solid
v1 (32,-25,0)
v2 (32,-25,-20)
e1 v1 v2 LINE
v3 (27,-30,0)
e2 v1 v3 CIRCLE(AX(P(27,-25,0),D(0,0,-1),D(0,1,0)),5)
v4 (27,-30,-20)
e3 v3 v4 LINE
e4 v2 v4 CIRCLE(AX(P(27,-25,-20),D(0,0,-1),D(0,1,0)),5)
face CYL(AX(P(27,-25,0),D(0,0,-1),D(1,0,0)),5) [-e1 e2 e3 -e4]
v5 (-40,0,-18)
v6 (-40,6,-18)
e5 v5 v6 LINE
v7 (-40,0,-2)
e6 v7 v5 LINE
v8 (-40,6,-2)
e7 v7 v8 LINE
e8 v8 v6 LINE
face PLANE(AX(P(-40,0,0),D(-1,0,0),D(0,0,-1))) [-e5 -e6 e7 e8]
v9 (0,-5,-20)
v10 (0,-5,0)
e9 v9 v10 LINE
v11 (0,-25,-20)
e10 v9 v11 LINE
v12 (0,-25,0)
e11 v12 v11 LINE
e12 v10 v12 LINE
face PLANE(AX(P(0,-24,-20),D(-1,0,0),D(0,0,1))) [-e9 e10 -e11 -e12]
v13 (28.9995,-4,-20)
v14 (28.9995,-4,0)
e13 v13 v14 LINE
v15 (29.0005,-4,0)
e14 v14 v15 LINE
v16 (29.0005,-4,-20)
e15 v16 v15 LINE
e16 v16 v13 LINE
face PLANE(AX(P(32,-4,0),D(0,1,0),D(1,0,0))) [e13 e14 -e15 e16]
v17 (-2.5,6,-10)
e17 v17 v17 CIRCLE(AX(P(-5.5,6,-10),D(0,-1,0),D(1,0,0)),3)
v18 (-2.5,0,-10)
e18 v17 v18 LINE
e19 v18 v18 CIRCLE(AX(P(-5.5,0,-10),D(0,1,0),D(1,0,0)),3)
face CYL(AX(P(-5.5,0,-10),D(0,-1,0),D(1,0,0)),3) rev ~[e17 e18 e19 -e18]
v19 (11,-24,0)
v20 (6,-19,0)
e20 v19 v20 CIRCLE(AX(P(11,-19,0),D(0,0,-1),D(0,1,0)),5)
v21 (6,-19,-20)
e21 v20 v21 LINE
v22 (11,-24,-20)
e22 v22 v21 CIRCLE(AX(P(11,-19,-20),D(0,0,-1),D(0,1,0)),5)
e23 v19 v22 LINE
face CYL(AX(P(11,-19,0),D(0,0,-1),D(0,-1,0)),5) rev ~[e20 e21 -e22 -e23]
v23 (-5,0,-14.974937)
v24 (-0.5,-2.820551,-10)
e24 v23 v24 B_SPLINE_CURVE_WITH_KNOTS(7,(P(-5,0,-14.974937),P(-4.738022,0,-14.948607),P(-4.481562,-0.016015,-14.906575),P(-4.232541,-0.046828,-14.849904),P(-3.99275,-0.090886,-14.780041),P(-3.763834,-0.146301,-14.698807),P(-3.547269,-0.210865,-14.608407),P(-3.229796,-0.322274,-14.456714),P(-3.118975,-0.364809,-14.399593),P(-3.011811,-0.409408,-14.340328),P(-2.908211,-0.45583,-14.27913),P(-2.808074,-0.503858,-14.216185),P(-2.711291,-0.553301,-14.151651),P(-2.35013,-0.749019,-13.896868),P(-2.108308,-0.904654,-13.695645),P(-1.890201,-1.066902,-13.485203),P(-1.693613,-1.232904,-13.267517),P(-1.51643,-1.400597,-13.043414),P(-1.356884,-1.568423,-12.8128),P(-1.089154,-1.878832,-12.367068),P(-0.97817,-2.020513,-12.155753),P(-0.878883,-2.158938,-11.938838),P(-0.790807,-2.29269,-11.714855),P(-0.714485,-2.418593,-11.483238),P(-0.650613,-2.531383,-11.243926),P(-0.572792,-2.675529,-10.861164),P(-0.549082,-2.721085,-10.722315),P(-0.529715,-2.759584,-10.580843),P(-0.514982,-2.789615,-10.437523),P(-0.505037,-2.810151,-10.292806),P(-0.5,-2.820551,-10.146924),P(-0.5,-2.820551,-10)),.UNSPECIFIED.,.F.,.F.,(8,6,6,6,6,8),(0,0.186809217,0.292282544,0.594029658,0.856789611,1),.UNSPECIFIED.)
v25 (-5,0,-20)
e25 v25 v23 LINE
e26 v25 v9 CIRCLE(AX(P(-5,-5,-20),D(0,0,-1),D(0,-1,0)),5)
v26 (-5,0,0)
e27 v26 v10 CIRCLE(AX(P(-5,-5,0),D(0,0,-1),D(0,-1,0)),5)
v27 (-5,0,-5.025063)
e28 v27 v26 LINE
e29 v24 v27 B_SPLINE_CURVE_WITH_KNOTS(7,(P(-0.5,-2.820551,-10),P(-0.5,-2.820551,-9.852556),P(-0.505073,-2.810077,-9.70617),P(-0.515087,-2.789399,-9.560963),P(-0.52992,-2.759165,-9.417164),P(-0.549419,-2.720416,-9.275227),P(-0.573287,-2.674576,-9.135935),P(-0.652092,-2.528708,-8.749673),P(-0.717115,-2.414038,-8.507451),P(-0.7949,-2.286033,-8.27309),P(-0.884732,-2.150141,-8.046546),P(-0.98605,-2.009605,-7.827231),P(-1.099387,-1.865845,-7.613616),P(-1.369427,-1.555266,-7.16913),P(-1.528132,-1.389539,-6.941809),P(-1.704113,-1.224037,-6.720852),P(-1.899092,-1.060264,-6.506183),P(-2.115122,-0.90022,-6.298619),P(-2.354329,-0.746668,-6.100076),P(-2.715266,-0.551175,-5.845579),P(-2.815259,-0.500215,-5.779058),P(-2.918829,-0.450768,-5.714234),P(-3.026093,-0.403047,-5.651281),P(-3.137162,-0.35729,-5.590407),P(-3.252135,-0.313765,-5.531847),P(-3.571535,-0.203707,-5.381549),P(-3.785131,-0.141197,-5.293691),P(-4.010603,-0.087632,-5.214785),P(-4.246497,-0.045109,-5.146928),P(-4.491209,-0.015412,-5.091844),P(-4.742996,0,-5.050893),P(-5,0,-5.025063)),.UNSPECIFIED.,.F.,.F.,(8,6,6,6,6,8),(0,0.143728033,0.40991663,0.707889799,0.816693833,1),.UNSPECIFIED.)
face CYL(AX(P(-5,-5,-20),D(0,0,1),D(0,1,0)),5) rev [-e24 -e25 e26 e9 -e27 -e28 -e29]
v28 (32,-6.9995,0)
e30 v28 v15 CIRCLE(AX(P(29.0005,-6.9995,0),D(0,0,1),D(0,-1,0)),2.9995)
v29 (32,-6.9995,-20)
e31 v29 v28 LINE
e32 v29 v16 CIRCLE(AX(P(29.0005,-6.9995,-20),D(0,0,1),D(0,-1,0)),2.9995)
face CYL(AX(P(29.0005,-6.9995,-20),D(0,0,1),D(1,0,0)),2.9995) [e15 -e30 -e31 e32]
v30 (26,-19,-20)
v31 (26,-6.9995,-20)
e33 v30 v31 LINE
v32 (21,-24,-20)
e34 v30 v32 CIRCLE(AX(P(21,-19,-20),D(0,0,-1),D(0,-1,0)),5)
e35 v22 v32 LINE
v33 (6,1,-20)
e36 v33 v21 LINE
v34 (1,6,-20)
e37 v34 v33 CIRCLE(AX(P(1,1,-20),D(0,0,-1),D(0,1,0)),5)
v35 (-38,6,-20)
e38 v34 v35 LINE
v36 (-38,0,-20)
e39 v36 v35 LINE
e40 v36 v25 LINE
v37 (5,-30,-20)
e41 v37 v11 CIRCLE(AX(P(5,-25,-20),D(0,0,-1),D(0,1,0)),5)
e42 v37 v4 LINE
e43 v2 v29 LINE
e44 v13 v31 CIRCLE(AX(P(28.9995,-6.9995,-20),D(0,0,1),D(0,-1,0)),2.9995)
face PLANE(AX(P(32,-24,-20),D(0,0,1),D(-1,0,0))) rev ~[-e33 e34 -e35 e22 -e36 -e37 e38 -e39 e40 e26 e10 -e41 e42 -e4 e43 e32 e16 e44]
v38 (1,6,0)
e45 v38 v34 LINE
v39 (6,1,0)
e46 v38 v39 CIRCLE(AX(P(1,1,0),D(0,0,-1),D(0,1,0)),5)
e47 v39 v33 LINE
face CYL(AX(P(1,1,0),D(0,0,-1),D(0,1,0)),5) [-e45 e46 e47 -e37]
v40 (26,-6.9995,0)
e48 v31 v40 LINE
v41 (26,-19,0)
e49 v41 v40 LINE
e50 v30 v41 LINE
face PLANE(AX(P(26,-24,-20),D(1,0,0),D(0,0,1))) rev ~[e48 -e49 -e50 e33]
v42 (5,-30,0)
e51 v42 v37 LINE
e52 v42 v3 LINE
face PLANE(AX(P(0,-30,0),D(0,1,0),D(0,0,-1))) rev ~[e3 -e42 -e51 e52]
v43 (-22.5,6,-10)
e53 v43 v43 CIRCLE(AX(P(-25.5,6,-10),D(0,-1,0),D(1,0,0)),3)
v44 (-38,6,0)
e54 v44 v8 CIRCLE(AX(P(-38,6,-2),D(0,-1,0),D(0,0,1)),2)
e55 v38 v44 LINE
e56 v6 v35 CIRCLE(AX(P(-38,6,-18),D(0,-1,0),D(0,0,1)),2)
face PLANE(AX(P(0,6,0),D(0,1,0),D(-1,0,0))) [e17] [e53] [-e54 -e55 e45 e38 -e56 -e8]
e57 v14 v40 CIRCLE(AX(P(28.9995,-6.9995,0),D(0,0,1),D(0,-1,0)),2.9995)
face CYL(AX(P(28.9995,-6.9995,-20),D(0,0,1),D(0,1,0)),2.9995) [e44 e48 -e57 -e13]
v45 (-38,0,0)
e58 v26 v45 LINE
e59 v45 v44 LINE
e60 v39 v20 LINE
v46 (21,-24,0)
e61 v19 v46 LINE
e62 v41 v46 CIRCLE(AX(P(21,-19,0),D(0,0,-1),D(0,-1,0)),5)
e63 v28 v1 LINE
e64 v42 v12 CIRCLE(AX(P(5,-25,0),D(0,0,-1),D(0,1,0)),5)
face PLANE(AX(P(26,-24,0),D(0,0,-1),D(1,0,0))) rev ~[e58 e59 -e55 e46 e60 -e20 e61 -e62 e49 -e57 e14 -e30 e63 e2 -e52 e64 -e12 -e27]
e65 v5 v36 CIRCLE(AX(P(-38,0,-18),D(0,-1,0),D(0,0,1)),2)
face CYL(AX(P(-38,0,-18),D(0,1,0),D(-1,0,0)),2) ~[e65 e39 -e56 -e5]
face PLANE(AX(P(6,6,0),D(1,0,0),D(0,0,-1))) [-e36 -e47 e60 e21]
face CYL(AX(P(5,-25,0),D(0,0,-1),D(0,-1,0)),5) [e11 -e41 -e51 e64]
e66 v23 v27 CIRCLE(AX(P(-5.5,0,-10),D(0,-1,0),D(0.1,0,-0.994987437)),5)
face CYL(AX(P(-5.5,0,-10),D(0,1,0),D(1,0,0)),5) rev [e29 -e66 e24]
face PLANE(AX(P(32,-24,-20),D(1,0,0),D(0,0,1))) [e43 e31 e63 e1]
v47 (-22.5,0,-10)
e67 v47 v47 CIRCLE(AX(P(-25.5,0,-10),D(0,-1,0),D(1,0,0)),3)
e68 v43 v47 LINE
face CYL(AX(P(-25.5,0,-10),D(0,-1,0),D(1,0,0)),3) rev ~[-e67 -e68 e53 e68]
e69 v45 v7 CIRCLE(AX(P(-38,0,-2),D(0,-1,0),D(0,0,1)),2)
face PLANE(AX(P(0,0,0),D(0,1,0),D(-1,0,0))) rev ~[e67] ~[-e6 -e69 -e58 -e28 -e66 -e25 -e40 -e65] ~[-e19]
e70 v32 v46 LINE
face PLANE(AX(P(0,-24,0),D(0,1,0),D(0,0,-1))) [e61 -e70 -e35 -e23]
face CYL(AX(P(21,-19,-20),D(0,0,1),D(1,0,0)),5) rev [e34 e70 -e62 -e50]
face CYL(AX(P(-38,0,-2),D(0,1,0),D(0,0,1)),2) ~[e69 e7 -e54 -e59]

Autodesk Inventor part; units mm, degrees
ref_plane "YZ Plane" through (0, 0, 0) normal (1, 0, 0) x (0, 1, 0)
ref_plane "XZ Plane" through (0, 0, 0) normal (0, 1, 0) x (-1, 0, 0)
ref_plane "XY Plane" through (0, 0, 0) normal (0, 0, 1) x (1, 0, 0)
sketch "Sketch1" plane through (0, 0, 0) normal (0, 1, 0) x (-1, 0, 0)
  line L0 (0, 0) -> (40, 0)
  line L1 (40, 0) -> (40, -20)
  line L2 (40, -20) -> (0, -20)
  line L3 (0, -20) -> (0, 0)
  dimension "d0" = 40
  dimension "d1" = 20
extrude "Extrusion1" add sketch "Sketch1" along normal blind 6
sketch "Sketch2" plane through (0, 6, 0) normal (0, 1, 0) x (1, 0, 0)
  line L0 (0, 0) -> (6, 0)
  line L1 (6, 0) -> (6, 20)
  line L2 (6, 20) -> (0, 20)
  line L3 (0, 20) -> (0, 0)
  dimension "d4" = 6
  dimension "d5" = 20
extrude "Extrusion2" add sketch "Sketch2" against normal blind 30
fillet "Fillet1" radius 5 1 edges at (0, 0, -10)
fillet "Fillet4" radius 5 1 edges at (6, 6, -10)
sketch "Sketch5" plane through (0, 0, 0) normal (0, -1, 0) x (1, 0, 0)
  circle A0 centre (-5.5, -10) radius 3
  line L0 (-40, -20) -> (-40, 0) projected
  line L1 (-5, -20) -> (-40, -20) projected
  line L2 (6, -20) -> (6, 0) projected
  circle A1 centre (-25.5, -10) radius 3
  line L3 (-40, 0) -> (-5, 0) projected
  point P0 (0, 0)
  dimension "d18" = 6
  dimension "d20" = 10
  dimension "d47" = 11.5
  dimension "d48" = 6
  dimension "d49" = 20
  dimension "d50" = 10
fillet "Fillet7" radius 2 2 edges at (-40, 3, 0) (-40, 3, -20)
sketch "Sketch8" plane through (0, -24, -20) normal (-1, 0, 0) x (0, 0, 1)
  line L0 (20, 0) -> (0, 0) projected
  line L1 (0, 0) -> (20, 0)
  line L2 (20, 0) -> (20, -6)
  line L3 (20, -6) -> (0, -6)
  line L4 (0, -6) -> (0, 0)
  point P0 (20, 24)
  dimension "d35" = 6
extrude "Extrusion6" add sketch "Sketch8" against normal blind 32
fillet "Fillet8" radius 5 1 edges at (0, -30, -10)
fillet "Fillet9" radius 5 1 edges at (6, -24, -10)
sketch "Sketch9" plane through (32, -24, 0) normal (0, 1, 0) x (1, 0, 0)
  line L0 (0, 20) -> (0, 0) projected
  line L1 (0, 20) -> (-6, 20)
  line L2 (-6, 20) -> (-6, 0)
  line L3 (-6, 0) -> (0, 0)
  line L4 (0, 0) -> (0, 20)
  point P0 (-32, 0)
  dimension "d40" = 6
  dimension "d41" = 20
extrude "Extrusion7" add sketch "Sketch9" along normal blind 20
fillet "Fillet10" radius 5 1 edges at (26, -24, -10)
fillet "Fillet11" radius 5 1 edges at (32, -30, -10)
fillet "Fillet12" radius 3 2 edges at (26, -4, -10) (32, -4, -10)
extrude "Extrusion8" cut sketch "Sketch5" against normal through all both and the other way through all
sketch "Sketch10" plane through (0, 0, 0) normal (0, -1, 0) x (1, 0, 0)
  circle A0 centre (-5.5, -10) radius 3 projected
  circle A1 centre (-5.5, -10) radius 5
  point P0 (0, 0)
  dimension "d53" = 10
extrude "Extrusion9" cut sketch "Sketch10" along normal through all contours A0 | A1
properties part number "Cable_Guide_Holder"
